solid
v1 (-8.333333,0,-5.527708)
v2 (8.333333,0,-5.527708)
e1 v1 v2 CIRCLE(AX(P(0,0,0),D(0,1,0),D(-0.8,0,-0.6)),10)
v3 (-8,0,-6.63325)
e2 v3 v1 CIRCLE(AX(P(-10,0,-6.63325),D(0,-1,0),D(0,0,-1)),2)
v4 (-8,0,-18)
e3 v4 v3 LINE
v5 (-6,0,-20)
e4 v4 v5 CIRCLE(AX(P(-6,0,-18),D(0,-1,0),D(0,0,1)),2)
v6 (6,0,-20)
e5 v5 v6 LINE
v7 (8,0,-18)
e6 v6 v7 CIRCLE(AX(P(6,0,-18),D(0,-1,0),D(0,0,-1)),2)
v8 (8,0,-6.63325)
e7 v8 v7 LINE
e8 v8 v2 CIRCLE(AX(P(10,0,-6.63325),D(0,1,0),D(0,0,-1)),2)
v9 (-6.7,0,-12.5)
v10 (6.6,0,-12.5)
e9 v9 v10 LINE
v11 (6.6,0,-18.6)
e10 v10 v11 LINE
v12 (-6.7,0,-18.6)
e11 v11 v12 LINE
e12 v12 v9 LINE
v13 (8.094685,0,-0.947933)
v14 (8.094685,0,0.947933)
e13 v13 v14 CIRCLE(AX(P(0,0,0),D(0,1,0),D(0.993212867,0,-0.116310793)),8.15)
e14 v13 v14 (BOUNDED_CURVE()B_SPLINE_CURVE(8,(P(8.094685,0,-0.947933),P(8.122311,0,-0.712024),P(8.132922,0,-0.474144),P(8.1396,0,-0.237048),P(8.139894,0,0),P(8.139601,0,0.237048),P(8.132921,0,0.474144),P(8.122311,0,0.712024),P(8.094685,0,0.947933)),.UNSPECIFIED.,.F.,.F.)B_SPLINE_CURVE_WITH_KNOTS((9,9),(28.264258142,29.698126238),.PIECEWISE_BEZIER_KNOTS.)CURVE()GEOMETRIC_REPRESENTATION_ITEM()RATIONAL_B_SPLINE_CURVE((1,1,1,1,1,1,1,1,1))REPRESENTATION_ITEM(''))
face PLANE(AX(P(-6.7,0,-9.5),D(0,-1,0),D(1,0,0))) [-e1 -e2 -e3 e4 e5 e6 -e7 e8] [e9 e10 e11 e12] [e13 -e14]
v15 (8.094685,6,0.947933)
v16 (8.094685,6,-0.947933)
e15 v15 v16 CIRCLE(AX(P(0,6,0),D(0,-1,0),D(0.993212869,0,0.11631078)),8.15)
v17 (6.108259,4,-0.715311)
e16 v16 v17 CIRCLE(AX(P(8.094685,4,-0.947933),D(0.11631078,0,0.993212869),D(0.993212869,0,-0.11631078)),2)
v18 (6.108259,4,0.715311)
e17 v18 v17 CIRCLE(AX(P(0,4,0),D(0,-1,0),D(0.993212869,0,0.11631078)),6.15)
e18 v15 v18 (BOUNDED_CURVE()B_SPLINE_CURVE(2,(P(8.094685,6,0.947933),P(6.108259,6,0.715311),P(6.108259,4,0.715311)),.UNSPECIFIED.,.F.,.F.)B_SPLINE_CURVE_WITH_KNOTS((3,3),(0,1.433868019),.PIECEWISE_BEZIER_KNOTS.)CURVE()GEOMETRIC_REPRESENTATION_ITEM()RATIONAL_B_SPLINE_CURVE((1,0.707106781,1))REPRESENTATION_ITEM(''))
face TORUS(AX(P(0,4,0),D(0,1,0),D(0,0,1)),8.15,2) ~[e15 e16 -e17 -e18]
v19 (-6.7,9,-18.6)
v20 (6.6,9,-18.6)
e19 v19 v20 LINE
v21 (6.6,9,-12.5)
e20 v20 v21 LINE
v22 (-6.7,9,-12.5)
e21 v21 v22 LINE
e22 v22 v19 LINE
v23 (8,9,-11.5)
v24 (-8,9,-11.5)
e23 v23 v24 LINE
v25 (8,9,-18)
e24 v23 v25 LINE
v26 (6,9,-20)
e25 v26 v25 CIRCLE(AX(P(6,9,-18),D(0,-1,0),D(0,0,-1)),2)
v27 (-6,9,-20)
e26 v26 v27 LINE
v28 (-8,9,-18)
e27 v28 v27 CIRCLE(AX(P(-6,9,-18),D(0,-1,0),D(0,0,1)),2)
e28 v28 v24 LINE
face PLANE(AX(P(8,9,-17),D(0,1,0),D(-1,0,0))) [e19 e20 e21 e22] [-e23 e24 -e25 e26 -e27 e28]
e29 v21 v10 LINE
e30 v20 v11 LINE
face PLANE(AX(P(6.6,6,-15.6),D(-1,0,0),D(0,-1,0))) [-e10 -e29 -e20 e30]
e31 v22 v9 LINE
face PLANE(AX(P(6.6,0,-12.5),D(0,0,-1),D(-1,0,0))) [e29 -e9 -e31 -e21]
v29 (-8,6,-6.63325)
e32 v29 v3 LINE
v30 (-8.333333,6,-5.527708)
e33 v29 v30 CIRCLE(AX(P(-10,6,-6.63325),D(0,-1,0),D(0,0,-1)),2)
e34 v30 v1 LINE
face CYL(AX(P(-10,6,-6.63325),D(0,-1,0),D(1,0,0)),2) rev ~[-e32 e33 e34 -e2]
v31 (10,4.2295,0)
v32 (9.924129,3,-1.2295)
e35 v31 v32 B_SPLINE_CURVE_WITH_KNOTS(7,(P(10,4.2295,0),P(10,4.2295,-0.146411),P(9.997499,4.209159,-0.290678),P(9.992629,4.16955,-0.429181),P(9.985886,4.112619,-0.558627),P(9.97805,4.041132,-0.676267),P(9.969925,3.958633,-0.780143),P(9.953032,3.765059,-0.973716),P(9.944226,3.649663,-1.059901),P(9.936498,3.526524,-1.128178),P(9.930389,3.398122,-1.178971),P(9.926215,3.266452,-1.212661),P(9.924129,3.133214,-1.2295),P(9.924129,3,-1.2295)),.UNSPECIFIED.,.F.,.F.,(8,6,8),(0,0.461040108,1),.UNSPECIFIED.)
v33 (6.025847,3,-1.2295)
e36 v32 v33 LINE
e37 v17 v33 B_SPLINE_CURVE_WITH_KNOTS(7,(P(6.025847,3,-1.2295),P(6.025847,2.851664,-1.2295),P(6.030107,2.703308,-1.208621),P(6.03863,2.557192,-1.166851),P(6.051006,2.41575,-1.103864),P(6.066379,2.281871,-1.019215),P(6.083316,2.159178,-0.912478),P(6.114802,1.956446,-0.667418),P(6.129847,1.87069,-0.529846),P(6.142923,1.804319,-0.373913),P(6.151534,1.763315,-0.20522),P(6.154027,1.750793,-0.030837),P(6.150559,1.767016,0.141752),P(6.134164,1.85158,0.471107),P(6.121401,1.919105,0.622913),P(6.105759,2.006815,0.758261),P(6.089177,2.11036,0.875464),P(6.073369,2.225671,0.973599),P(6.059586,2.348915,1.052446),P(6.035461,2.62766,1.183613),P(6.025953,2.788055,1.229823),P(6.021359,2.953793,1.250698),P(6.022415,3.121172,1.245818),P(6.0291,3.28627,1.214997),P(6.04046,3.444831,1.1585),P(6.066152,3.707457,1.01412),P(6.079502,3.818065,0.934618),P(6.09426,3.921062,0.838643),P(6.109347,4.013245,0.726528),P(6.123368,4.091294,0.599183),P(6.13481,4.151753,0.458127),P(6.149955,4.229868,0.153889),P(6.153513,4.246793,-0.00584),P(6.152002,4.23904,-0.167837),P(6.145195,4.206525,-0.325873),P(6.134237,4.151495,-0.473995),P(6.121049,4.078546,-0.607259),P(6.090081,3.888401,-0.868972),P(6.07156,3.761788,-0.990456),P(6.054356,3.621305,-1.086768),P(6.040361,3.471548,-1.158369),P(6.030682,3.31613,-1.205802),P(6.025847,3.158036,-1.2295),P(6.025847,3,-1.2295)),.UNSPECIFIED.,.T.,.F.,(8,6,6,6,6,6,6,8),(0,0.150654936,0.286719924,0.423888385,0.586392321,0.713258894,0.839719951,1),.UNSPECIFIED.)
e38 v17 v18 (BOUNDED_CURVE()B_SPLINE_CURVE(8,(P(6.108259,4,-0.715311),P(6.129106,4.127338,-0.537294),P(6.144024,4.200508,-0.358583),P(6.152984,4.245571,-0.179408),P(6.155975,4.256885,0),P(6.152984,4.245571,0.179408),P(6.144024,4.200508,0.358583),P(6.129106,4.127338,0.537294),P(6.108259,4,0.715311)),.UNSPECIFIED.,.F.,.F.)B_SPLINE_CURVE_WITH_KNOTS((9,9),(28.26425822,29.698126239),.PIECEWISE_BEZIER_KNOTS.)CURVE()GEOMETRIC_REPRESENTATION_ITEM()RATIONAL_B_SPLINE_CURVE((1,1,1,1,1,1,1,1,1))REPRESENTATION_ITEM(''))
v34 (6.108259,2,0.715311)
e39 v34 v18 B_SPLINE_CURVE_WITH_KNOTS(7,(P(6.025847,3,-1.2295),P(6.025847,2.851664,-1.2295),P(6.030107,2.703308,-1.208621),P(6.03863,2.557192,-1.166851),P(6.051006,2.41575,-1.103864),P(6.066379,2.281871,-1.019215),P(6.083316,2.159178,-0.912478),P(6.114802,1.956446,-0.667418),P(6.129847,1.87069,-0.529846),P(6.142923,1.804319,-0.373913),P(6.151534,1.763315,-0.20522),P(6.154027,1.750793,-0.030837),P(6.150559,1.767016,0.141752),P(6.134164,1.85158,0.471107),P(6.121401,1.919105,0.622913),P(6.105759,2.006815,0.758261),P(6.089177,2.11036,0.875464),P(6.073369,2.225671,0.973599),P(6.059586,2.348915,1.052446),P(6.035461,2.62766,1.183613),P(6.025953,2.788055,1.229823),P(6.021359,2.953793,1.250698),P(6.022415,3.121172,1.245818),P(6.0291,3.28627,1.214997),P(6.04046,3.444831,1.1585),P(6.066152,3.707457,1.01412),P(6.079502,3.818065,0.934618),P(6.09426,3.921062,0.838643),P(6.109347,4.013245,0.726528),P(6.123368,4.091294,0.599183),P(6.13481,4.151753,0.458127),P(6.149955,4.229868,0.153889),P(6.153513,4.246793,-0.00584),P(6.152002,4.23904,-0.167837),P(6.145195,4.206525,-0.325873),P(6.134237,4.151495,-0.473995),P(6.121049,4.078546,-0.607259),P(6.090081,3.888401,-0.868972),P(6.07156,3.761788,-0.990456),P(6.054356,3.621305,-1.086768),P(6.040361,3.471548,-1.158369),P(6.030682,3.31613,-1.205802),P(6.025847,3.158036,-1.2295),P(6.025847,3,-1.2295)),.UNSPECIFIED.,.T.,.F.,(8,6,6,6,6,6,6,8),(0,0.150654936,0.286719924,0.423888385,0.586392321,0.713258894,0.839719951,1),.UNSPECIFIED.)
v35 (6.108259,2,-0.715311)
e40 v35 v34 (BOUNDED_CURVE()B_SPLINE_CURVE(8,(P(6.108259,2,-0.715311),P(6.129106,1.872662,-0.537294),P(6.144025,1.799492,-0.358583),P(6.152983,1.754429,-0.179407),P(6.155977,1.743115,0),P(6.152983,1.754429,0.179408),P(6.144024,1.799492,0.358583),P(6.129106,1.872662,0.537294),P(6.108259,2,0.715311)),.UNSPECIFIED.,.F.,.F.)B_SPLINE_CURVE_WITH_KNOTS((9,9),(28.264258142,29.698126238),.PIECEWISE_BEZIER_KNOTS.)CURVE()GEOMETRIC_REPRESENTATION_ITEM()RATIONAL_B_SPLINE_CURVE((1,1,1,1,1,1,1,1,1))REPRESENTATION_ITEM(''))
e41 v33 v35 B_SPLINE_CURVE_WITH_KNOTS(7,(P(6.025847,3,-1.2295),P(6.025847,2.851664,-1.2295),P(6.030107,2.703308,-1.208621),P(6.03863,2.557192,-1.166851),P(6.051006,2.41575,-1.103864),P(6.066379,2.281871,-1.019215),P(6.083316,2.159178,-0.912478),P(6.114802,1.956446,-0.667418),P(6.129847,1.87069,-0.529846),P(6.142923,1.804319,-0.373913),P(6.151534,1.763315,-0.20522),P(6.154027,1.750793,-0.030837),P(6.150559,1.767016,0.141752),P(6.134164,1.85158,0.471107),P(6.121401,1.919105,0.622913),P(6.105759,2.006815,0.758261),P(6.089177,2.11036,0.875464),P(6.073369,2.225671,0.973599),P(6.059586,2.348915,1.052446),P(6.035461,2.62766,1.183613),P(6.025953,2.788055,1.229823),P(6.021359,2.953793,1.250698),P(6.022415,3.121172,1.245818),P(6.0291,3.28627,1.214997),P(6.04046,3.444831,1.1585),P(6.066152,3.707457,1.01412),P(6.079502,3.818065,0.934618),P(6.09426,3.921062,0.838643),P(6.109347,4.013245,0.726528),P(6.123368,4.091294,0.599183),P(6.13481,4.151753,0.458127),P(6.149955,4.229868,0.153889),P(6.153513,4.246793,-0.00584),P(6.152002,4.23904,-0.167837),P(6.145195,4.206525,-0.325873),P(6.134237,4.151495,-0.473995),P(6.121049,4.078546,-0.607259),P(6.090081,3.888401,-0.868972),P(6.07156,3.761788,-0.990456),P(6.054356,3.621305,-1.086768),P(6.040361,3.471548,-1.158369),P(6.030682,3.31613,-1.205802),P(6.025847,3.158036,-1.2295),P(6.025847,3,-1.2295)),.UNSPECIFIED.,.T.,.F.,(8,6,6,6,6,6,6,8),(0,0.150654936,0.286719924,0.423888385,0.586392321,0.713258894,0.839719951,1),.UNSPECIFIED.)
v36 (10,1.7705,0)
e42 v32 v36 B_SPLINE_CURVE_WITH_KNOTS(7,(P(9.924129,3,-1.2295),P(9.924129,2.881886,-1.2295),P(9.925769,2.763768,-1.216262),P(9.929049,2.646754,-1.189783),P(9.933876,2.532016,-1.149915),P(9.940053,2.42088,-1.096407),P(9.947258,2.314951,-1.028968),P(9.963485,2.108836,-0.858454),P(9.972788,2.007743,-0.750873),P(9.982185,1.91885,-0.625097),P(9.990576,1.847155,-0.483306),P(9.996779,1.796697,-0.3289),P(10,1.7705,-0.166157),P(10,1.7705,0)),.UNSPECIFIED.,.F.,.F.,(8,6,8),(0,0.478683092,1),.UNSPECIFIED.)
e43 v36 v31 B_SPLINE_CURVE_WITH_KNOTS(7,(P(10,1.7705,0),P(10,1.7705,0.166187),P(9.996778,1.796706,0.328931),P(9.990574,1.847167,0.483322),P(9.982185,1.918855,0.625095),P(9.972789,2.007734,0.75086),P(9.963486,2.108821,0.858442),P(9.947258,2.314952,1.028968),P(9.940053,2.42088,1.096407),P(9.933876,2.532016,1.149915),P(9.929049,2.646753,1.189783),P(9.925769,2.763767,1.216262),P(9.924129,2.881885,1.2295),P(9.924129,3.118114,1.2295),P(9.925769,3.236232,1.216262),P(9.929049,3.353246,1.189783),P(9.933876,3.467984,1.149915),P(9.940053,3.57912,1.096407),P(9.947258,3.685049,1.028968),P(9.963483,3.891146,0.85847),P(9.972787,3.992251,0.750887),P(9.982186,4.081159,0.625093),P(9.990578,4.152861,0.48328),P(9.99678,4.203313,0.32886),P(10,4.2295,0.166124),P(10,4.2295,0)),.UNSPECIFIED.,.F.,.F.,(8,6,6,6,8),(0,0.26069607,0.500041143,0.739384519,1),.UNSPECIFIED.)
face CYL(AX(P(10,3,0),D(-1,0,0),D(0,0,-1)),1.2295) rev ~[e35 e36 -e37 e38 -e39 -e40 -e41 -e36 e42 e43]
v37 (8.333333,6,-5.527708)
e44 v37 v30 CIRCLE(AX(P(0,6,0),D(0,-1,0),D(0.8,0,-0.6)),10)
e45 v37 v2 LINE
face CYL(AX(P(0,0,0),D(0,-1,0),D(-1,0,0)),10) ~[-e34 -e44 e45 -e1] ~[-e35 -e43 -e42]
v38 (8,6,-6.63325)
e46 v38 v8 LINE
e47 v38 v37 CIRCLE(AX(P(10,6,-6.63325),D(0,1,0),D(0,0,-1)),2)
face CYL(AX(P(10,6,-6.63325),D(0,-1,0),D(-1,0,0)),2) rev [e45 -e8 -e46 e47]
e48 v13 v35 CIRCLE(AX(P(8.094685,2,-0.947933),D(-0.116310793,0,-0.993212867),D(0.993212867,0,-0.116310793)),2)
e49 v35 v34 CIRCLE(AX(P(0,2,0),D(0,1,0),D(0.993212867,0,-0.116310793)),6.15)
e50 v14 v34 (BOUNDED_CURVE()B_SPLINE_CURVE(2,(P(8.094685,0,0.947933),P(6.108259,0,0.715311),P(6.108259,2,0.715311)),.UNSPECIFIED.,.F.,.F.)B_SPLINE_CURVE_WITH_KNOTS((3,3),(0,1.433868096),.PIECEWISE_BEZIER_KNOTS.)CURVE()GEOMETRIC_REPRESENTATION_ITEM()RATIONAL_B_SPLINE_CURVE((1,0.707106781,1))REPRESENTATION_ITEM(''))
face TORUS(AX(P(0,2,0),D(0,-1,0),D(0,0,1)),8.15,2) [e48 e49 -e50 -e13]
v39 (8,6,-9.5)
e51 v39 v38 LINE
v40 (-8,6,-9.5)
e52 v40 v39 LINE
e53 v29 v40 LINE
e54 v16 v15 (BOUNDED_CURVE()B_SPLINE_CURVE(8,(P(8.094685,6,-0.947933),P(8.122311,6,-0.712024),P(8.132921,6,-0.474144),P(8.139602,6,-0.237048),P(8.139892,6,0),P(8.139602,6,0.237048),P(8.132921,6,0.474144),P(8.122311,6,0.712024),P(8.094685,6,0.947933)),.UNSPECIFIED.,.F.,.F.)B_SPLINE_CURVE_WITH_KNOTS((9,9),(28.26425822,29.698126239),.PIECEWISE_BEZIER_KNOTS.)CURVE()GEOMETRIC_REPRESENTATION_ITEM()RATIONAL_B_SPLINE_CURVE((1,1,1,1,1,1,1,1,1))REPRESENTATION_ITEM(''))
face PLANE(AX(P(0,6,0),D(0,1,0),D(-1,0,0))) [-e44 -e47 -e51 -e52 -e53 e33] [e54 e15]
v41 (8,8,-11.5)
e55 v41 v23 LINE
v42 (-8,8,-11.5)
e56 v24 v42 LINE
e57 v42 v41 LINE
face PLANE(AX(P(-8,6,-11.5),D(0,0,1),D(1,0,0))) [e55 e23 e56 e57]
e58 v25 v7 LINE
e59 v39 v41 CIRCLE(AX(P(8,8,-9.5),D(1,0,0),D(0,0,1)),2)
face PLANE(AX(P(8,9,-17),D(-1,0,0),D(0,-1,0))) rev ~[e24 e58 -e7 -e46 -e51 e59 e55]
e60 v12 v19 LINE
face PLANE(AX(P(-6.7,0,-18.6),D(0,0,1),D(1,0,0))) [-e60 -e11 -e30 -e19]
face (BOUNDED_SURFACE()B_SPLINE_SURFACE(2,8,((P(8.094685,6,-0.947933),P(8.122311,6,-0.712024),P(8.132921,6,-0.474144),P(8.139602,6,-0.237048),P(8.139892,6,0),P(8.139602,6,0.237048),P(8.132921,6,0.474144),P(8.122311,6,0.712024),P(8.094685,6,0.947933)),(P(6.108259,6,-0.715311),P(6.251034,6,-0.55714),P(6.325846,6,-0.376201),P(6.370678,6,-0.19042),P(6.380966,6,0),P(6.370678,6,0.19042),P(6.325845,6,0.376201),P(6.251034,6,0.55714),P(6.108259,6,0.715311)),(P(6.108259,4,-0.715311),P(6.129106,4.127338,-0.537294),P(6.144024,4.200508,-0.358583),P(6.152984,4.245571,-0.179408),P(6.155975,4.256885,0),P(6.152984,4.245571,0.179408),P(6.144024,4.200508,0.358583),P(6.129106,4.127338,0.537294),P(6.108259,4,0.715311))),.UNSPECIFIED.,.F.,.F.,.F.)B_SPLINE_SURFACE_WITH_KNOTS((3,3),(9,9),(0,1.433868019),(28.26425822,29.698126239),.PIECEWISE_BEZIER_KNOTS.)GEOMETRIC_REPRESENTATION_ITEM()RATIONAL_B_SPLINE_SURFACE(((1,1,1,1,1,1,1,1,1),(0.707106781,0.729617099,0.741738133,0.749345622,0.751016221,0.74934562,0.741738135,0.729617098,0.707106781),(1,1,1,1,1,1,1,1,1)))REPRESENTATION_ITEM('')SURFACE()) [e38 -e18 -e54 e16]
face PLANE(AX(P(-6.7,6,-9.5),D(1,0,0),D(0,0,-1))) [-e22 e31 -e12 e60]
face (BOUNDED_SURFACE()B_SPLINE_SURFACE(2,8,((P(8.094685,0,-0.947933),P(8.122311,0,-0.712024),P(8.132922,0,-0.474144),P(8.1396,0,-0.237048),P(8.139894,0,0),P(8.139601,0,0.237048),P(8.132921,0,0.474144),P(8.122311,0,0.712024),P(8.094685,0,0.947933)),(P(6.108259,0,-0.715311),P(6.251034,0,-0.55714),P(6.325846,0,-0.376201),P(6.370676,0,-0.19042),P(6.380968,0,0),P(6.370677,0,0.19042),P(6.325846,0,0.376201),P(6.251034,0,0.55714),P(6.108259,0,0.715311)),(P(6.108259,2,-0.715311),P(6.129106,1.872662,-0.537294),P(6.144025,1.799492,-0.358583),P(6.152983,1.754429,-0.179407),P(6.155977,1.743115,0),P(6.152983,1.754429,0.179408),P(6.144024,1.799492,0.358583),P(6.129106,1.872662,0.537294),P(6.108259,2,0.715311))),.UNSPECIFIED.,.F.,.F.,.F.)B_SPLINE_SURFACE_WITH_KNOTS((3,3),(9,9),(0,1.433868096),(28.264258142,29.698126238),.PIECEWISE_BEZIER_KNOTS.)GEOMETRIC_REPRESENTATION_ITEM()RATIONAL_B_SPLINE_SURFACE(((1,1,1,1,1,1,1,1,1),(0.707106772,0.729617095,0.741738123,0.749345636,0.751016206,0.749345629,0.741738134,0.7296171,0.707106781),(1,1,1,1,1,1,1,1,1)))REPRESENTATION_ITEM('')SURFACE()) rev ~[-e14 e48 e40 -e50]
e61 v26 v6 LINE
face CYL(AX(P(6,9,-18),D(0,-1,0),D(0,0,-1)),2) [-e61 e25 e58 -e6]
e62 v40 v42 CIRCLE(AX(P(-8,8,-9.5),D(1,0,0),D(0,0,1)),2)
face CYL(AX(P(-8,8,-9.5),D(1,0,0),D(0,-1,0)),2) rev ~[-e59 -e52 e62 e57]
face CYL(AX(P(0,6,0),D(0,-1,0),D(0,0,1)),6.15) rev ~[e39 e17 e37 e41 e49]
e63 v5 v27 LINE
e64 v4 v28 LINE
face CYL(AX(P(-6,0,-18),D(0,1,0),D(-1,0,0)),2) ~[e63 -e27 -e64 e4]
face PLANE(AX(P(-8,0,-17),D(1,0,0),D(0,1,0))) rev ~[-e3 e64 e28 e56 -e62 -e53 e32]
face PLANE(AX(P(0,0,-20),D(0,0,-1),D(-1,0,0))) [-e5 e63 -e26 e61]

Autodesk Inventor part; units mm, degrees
ref_plane "YZ Plane" through (0, 0, 0) normal (1, 0, 0) x (0, 1, 0)
sketch "Boceto1" plane through (0, 0, 0) normal (0, 1, 0) x (-1, 0, 0)
  circle A0 centre (0, 0) radius 10
  dimension "d0" = 20
extrude "Extrusión1" add sketch "Boceto1" along normal blind 6
ref_plane "Plano de trabajo6" through (0, 0, -10) normal (0, 0, 1) x (1, 0, 0)
sketch "Boceto3" plane through (0, 0, -10) normal (0, 0, 1) x (1, 0, 0)
  line L0 (10, 0) -> (-10, 0) projected
  line L1 (8, 0) -> (8, 10)
  line L2 (10, 10) -> (-10, 10) projected
  line L3 (8, 10) -> (-8, 10)
  line L4 (-8, 10) -> (-8, 0)
  line L5 (-8, 0) -> (8, 0)
  point P0 (0, 0)
  dimension "d10" = 8
  dimension "d11" = 10
  dimension "d12" = 16
extrude "Extrusión2" add sketch "Boceto3" along normal blind 5 and the other way blind 7
sketch "Boceto4" plane through (0, 6, 0) normal (0, 1, 0) x (1, 0, 0)
  line L0 (-8, 17) -> (8, 17) projected
  line L1 (-6.7, 15.6) -> (6.6, 15.6)
  line L2 (6.6, 15.6) -> (6.6, 9.5)
  line L3 (6.6, 9.5) -> (-6.7, 9.5)
  line L4 (-6.7, 9.5) -> (-6.7, 15.6)
  line L5 (-6.6, 18.5) -> (6.6, 12.5) construction
  line L6 (6.6, 18.5) -> (-6.6, 12.5) construction
  point P0 (0, 0)
  dimension "d19" = 13.3
  dimension "d20" = 6.1
extrude "Extrusión3" cut sketch "Boceto4" against normal blind 10
sketch "Boceto5" plane through (0, 6, 0) normal (0, 1, 0) x (1, 0, 0)
  arc A0 (-8, 6) -> (8, 6) centre (0, 0) ccw projected
hole "Agujero2" at (0, 6, 0) direction (0, -1, 0) diameter 12.3 end through all
ref_plane "Plano de trabajo5" through (10, 0, 0) normal (1, 0, 0) x (0, 1, 0)
sketch "Boceto6" plane through (10, 0, 0) normal (1, 0, 0) x (0, 1, 0)
  line L0 (0, 0) -> (3, 0)
  dimension "d32" = 3
hole "Agujero3" at (10, 3, 0) direction (-1, 0, 0) diameter 2.459 depth 5 thread size "M3x0.5" class "6H" standard "ANSI Metric M Profile"
sketch "Boceto7" plane through (0, 0, -5) normal (0, 0, 1) x (1, 0, 0)
  line L0 (-8, 6) -> (-8.3333, 6) projected
  line L1 (8, 10) -> (-8, 10)
  line L2 (-8, 10) -> (-8, 6)
  line L3 (-8, 6) -> (8, 6)
  line L4 (8, 6) -> (8, 10)
  point P0 (0, 0)
extrude "Extrusión4" cut sketch "Boceto7" against normal blind 17
fillet "Empalme4" radius 2 2 edges at (0, 6, -6.15) (0, 0, -6.15)
sketch "Boceto8" plane through (0, 6, 0) normal (0, 1, 0) x (1, 0, 0)
  line L0 (-8, 6) -> (-8, 17) projected
  line L1 (-8, 17) -> (8, 17)
  line L2 (8, 17) -> (8, 8.5)
  line L3 (8, 8.5) -> (-8, 8.5)
  line L4 (-8, 8.5) -> (-8, 17)
  point P0 (0, 0)
  dimension "d45" = 16
  dimension "d46" = 8.5
extrude "Extrusión5" add sketch "Boceto8" along normal blind 3
sketch "Boceto9" plane through (0, 0, -17) normal (0, 0, -1) x (-1, 0, 0)
  line L0 (-8, 9) -> (-8, 0) projected
  line L1 (8, 0) -> (8, 9) projected
  line L2 (-8, 9) -> (8, 9)
  line L3 (8, 9) -> (8, 0)
  line L4 (8, 0) -> (-8, 0)
  line L5 (-8, 0) -> (-8, 9)
  point P0 (0, 0)
extrude "Extrusión6" add sketch "Boceto9" along normal blind 3
sketch "Boceto10" plane through (6.6, 0, -9.5) normal (0, 0, -1) x (-1, 0, 0)
  line L0 (0, 6) -> (0, 0) projected
  line L1 (13.3, 6) -> (13.3, 0) projected
  line L2 (0, 6) -> (13.3, 6)
  line L3 (13.3, 6) -> (13.3, 0)
  line L4 (13.3, 0) -> (0, 0)
  line L5 (0, 0) -> (0, 6)
  point P0 (6.6, 0)
extrude "Extrusión7" add sketch "Boceto10" along normal blind 3
sketch "Boceto11" plane through (-6.7, 0, -15.6) normal (0, 0, 1) x (1, 0, 0)
  line L0 (13.3, 6) -> (0, 6) projected
  line L1 (13.3, 0) -> (0, 0) projected
  line L2 (0, 6) -> (13.3, 6)
  line L3 (13.3, 6) -> (13.3, 0)
  line L4 (13.3, 0) -> (0, 0)
  line L5 (0, 0) -> (0, 6)
  point P0 (6.7, 0)
extrude "Extrusión8" cut sketch "Boceto11" against normal blind 3
sketch "Boceto12" plane through (-8, 6, -8.5) normal (0, 0, 1) x (1, 0, 0)
  line L0 (16, 0) -> (16, 3) projected
  line L1 (16, 3) -> (0, 3)
  line L2 (0, 3) -> (0, 0)
  line L3 (0, 0) -> (16, 0)
  line L4 (16, 0) -> (16, 3)
  point P0 (8, -6)
extrude "Extrusión9" cut sketch "Boceto12" against normal blind 3
sketch "Boceto13" plane through (0, 6, 0) normal (0, -1, 0) x (1, 0, 0)
  line L0 (6.6, -12.5) -> (-6.7, -12.5) projected
  line L1 (-6.7, -12.5) -> (-6.7, -18.6) projected
  line L2 (6.6, -12.5) -> (-6.7, -12.5)
  line L3 (-6.7, -12.5) -> (-6.7, -18.6)
  line L4 (-6.7, -18.6) -> (6.6, -18.6)
  line L5 (6.6, -18.6) -> (6.6, -12.5)
  point P0 (0, 0)
extrude "Extrusión10" cut sketch "Boceto13" against normal blind 3
fillet "Empalme5" radius 2 4 edges at (8, 4.5, -20) (-8, 4.5, -20) (-8, 3, -6) (8, 3, -6)
fillet "Empalme6" radius 2 1 edges at (0, 6, -11.5)
properties part number "Final Carrera Y0"
